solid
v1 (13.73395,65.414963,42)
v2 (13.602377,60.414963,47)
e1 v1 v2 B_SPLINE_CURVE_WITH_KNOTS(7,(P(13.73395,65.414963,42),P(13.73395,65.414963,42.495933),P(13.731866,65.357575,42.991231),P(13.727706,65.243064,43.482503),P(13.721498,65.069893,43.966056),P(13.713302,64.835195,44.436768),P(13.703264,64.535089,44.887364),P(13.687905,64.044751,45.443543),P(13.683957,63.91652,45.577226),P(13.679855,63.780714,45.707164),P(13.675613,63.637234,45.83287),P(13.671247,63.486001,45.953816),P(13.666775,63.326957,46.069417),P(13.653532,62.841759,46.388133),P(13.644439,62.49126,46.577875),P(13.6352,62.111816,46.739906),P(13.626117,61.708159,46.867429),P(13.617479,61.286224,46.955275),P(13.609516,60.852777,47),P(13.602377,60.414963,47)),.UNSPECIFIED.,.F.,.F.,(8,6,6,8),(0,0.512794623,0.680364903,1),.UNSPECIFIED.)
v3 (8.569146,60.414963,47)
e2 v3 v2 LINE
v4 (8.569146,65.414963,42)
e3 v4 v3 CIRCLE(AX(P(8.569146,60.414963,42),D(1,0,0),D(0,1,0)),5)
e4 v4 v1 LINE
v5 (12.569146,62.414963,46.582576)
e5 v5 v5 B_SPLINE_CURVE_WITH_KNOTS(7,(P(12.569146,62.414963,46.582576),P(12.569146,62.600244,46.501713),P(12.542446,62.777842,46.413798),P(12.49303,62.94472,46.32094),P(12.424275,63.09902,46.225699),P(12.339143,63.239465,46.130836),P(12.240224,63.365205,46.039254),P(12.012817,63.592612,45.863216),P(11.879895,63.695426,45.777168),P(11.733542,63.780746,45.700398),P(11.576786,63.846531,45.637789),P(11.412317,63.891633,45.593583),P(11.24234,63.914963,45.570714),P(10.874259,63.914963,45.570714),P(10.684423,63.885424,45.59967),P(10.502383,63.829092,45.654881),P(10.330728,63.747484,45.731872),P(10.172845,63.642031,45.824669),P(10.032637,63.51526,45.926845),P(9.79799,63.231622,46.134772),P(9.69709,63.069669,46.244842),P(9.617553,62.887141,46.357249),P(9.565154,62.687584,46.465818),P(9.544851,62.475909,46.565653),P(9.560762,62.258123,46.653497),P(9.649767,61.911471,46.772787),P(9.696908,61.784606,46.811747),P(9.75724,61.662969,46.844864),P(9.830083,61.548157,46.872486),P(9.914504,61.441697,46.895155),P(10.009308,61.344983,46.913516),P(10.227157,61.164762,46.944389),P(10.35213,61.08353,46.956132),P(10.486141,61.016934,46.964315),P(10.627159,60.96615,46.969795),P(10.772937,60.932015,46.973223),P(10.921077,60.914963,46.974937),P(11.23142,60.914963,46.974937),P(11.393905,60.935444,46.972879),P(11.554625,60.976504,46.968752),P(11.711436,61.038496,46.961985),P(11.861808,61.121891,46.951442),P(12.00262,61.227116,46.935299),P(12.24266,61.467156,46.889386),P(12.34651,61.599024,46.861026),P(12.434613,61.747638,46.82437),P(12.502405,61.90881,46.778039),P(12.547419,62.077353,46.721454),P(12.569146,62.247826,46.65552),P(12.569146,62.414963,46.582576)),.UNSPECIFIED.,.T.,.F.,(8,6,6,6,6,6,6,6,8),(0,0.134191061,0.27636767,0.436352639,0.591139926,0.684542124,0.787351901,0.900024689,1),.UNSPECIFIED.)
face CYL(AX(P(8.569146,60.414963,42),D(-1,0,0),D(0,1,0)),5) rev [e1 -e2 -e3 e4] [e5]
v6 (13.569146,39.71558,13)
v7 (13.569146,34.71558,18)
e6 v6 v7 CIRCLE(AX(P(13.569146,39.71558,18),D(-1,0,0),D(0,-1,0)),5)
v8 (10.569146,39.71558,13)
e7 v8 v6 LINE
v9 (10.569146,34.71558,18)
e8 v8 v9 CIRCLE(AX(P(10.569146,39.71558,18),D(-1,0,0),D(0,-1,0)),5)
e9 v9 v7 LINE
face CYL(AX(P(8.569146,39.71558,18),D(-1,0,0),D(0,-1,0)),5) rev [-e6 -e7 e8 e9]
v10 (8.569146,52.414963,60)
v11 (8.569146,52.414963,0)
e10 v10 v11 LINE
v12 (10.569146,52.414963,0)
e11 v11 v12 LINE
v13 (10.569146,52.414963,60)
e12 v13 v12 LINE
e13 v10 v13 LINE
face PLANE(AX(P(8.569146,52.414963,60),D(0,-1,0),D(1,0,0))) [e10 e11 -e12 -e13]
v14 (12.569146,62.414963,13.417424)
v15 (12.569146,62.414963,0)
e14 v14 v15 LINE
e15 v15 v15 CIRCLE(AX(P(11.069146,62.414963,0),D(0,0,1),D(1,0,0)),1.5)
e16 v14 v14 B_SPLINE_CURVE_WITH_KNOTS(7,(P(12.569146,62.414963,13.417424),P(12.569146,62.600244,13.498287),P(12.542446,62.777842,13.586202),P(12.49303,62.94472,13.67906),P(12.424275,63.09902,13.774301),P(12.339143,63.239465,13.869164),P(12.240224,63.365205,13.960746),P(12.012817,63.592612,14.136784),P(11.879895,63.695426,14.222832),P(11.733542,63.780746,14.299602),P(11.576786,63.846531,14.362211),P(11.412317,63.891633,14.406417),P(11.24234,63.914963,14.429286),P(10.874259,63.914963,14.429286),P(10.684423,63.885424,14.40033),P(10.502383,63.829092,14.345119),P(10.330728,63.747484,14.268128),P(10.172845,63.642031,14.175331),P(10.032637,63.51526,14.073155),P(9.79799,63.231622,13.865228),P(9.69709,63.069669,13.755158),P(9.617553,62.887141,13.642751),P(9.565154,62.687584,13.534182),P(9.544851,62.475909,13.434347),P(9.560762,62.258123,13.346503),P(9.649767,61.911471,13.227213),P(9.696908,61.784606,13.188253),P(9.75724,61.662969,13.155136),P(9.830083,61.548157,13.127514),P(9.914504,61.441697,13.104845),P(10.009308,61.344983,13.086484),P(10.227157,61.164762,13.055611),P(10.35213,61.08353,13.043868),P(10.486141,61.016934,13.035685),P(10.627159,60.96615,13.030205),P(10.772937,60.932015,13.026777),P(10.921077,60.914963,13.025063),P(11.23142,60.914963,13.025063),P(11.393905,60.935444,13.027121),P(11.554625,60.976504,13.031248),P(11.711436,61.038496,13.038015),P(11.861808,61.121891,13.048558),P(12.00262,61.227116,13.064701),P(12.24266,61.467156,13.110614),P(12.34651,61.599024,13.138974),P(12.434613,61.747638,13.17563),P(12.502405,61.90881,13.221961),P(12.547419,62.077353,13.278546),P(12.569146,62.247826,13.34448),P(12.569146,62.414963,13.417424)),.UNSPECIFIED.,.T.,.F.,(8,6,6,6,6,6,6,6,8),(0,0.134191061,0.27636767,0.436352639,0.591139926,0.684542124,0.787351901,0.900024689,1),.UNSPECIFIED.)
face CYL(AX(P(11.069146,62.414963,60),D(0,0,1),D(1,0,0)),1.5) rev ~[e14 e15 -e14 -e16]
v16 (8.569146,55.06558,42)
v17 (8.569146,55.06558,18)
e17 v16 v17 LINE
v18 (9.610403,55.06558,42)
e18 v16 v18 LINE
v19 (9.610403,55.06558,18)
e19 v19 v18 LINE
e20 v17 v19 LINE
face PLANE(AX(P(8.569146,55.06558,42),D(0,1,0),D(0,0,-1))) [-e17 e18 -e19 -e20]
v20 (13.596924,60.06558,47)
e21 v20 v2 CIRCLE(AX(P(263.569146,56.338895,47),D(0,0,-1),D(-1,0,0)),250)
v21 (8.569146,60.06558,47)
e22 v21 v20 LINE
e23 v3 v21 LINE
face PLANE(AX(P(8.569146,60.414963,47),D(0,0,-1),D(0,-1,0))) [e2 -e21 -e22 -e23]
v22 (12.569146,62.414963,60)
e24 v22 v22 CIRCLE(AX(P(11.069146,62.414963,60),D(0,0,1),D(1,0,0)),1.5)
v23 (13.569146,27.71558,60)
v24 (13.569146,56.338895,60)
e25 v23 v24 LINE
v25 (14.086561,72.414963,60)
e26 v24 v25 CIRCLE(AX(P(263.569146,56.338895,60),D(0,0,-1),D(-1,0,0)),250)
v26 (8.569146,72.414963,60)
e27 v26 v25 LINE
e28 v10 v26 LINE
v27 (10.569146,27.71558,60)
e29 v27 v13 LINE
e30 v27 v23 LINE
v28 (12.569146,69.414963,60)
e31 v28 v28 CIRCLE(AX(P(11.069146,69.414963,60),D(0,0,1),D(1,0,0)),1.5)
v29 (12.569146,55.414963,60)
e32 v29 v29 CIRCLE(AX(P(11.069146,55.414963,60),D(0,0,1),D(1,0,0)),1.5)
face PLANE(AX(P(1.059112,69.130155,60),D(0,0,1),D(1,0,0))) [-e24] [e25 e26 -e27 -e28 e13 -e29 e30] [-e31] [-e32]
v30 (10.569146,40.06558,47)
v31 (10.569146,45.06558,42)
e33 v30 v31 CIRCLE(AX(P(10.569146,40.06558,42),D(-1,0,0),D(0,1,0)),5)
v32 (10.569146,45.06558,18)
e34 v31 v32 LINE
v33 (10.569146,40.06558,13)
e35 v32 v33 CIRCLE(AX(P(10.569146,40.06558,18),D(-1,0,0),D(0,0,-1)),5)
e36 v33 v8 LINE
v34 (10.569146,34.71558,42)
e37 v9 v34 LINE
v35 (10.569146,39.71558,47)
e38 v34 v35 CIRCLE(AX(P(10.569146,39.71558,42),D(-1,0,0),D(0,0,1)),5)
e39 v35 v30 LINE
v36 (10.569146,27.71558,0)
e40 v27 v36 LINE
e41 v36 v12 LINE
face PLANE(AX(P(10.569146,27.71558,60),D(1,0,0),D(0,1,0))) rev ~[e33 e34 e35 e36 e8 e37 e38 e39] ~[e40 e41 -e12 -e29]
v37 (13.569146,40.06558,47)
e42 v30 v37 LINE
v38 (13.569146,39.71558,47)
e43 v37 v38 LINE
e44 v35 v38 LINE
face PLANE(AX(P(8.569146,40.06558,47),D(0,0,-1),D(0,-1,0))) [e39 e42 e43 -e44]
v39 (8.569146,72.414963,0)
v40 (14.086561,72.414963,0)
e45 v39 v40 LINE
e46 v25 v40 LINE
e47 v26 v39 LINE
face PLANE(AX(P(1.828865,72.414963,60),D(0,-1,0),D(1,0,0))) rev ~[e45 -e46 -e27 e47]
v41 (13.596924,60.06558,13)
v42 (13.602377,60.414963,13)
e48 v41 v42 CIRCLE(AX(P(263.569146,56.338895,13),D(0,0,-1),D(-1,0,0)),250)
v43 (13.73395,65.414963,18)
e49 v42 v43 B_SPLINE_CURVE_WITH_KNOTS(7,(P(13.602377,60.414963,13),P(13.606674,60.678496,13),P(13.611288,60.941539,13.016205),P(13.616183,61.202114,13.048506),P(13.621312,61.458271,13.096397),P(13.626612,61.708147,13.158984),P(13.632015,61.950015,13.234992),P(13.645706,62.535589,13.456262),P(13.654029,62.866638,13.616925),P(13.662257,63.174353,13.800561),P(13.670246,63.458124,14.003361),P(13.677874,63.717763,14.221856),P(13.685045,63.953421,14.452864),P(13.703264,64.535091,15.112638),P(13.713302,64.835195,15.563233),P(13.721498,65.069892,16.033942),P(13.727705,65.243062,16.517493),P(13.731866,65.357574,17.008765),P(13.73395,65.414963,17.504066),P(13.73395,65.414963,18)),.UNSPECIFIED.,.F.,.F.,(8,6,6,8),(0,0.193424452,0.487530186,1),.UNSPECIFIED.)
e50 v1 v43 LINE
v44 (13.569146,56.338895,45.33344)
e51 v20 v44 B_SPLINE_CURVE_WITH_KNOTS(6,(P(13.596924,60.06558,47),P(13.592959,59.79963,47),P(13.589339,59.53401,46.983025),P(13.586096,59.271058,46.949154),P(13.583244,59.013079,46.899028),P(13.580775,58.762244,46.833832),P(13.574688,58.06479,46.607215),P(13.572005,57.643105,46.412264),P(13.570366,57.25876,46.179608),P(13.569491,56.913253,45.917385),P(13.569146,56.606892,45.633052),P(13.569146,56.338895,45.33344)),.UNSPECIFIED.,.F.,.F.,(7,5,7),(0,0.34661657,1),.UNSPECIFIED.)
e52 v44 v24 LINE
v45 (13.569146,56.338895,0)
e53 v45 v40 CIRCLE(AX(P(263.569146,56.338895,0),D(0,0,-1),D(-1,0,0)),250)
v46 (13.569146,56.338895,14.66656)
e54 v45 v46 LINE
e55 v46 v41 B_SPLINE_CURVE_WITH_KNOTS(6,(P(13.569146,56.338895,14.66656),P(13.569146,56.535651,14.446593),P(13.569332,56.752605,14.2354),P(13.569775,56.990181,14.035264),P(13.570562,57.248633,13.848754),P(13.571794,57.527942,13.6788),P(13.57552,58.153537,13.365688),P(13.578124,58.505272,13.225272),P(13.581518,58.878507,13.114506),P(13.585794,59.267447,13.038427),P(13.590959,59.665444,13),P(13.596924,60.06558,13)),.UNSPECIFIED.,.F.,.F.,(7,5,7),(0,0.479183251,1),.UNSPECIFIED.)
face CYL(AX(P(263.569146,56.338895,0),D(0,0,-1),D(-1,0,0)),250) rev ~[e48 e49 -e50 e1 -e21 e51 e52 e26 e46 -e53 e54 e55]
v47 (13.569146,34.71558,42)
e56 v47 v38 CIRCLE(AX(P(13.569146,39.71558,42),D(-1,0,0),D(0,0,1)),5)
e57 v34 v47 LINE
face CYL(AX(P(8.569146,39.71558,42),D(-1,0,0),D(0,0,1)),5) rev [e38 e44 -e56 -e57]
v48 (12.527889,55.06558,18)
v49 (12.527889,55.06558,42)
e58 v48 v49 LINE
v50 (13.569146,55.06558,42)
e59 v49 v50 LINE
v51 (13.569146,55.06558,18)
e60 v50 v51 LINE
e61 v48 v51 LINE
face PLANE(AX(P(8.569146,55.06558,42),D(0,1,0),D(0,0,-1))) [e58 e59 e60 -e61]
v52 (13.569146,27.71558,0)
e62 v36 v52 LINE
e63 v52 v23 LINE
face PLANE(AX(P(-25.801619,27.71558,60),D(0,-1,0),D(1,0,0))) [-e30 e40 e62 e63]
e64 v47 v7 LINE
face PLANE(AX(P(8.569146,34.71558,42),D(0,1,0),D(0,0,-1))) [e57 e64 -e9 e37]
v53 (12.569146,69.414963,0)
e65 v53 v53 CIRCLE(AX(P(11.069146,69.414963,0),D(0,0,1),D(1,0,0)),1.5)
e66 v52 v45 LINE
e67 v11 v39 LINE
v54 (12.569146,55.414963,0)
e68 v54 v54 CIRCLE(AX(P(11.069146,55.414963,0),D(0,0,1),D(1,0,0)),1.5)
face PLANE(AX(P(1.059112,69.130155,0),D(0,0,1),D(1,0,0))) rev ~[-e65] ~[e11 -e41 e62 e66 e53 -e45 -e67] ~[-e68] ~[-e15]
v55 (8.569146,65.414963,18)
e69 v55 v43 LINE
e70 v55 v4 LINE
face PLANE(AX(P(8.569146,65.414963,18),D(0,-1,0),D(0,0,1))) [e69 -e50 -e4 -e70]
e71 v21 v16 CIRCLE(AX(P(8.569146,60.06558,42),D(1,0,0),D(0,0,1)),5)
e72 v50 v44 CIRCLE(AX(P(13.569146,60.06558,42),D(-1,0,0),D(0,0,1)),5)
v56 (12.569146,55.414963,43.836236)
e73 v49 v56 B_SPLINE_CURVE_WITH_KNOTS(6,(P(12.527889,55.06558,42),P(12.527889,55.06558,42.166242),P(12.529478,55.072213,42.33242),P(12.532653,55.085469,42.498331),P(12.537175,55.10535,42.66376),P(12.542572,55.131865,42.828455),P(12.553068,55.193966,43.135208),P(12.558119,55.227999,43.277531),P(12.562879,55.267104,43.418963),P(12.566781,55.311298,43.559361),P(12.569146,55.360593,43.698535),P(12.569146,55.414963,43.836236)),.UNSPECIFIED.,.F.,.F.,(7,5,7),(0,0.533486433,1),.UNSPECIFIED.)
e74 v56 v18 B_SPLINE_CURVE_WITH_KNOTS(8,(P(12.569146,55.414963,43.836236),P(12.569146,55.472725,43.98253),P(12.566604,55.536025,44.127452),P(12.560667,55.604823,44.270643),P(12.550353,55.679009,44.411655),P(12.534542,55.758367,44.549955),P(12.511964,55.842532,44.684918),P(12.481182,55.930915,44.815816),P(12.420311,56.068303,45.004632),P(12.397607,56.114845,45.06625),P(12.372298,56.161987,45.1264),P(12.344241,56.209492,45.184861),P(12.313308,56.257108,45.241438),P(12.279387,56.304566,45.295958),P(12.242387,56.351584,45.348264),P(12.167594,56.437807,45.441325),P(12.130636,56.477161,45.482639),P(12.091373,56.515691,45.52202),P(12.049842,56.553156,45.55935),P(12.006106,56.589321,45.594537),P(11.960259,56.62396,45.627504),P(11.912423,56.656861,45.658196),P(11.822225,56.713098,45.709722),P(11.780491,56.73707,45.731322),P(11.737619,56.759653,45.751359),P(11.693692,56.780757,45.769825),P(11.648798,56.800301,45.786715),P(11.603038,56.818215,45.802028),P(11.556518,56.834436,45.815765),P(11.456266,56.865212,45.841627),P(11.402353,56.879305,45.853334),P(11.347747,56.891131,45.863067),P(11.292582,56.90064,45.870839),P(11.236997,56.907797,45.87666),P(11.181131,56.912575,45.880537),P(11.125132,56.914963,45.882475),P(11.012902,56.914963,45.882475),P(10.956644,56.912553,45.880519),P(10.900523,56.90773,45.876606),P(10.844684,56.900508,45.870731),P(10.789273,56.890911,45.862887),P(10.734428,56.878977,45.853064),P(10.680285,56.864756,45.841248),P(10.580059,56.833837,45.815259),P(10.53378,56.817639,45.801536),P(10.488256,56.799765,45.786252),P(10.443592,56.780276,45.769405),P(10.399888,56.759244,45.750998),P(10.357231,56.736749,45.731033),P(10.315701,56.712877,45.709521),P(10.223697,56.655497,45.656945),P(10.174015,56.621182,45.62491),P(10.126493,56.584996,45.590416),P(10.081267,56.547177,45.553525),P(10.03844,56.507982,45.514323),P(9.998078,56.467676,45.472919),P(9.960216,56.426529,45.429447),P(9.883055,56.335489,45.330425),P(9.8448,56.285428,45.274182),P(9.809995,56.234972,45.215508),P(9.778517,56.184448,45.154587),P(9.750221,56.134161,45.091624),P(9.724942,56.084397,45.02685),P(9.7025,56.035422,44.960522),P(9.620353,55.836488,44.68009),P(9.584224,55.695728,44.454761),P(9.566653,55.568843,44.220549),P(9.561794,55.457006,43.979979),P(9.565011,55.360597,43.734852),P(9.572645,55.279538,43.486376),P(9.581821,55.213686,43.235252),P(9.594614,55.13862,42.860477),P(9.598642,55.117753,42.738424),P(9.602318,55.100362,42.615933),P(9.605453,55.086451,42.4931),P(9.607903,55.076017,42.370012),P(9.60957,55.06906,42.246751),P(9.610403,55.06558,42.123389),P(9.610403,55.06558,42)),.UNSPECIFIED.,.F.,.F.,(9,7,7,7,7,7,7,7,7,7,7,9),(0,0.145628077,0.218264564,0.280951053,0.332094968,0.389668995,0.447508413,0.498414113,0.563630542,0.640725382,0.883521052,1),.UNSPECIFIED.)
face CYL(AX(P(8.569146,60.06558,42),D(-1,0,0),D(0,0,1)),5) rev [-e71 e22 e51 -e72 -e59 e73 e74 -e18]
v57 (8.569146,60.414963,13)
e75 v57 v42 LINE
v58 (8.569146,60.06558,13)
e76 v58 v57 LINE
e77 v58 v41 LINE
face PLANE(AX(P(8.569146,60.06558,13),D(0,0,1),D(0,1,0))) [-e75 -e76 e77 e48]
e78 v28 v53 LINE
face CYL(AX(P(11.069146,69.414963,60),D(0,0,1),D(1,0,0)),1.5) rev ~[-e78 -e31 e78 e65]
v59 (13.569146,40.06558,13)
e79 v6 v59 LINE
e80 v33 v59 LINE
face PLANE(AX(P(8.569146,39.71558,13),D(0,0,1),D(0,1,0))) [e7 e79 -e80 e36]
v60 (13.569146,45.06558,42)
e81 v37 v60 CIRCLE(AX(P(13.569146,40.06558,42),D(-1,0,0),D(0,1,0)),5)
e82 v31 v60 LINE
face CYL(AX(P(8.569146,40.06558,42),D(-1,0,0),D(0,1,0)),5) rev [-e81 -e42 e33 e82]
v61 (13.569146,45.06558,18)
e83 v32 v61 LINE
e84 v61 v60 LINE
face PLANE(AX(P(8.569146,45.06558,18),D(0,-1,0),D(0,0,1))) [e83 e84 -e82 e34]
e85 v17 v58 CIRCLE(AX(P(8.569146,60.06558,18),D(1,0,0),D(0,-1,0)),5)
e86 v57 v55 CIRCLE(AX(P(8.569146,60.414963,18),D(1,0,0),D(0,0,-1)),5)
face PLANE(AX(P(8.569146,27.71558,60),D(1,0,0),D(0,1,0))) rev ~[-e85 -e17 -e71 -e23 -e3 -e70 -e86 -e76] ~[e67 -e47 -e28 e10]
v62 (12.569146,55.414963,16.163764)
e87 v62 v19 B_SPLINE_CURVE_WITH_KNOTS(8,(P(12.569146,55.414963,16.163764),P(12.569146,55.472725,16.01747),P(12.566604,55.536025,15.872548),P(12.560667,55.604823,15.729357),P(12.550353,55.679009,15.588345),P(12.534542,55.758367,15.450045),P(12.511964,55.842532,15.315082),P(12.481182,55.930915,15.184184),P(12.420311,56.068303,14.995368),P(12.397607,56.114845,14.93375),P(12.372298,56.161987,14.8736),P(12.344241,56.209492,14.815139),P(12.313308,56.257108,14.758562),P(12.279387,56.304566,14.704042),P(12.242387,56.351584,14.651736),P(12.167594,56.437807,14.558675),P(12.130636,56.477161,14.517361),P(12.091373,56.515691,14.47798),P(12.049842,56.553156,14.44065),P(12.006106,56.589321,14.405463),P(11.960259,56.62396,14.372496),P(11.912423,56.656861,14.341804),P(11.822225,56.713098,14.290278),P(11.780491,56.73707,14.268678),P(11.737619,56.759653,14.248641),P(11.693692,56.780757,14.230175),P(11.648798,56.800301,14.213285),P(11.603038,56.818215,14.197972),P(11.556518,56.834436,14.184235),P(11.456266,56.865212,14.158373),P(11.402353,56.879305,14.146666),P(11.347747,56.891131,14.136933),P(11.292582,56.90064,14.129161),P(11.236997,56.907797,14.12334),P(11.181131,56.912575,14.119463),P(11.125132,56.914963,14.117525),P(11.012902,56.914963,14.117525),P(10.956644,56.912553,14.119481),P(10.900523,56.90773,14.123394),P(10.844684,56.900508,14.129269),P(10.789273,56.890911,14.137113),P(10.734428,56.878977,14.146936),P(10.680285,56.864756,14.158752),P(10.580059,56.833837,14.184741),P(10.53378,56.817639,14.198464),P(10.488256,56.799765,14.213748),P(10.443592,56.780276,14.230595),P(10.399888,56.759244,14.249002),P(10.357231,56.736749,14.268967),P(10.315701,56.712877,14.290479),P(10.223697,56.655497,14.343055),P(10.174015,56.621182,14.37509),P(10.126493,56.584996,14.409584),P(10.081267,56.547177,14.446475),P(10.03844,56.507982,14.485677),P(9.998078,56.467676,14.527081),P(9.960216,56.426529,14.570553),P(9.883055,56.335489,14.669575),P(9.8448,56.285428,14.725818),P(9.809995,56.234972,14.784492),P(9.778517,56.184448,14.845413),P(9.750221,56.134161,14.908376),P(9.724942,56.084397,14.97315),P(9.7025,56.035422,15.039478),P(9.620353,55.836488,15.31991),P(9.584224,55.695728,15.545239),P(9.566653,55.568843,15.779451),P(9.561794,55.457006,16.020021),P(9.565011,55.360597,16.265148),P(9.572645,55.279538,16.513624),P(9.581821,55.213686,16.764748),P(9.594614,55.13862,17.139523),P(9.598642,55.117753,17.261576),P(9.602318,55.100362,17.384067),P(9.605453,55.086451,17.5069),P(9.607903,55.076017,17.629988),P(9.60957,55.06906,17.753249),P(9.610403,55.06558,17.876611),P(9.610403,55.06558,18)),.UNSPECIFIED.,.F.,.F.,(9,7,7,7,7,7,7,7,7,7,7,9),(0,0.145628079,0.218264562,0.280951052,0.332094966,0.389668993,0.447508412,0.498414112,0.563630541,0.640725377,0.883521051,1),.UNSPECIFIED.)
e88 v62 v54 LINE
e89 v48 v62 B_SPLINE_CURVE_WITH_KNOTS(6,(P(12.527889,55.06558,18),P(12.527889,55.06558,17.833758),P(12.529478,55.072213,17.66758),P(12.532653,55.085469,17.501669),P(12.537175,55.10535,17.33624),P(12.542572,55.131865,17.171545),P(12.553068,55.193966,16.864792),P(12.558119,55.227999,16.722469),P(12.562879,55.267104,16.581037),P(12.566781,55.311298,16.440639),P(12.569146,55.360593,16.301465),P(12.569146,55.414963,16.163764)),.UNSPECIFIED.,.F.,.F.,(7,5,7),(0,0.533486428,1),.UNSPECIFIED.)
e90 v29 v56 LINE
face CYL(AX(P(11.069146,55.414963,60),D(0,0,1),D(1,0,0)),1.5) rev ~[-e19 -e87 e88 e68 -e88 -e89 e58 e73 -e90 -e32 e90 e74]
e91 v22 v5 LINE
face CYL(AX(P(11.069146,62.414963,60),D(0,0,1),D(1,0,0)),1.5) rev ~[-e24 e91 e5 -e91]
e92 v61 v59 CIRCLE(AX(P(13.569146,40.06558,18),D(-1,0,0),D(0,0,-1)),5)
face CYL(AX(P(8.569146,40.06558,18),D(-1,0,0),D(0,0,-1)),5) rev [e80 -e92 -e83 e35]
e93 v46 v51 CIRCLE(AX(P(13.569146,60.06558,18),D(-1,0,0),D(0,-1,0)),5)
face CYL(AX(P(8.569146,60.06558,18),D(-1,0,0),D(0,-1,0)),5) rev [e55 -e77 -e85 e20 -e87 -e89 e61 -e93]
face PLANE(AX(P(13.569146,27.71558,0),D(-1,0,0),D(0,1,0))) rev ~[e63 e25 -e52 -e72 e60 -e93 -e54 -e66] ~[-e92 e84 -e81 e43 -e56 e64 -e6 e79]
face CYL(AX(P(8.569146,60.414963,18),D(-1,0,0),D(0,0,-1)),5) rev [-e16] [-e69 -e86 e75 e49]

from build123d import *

# Parameters (mm, degrees)
RESSALTO_EXTRUS_O1_DEPTH = 60
ESBO_O7_R                = 2.076684074
CORTE_EXTRUS_O5_DEPTH    = 61
ESBO_O8_W                = 84.528747457
ESBO_O8_H                = 37.806532702
CORTE_EXTRUS_O6_DEPTH    = 61
ESBO_O9_W                = 39.370764713
ESBO_O9_H                = 9.06161947
CORTE_EXTRUS_O7_DEPTH    = 61
ESBO_O10_W               = 32.42010131
ESBO_O10_H               = 62.029224545
CORTE_EXTRUS_O8_DEPTH    = 61
ESBO_O12_W               = 17.69499929
ESBO_O12_H               = 9
CORTE_EXTRUS_O10_DEPTH   = 61
ESBO_O13_W               = 2
ESBO_O13_H               = 24.699383264
CORTE_EXTRUS_O11_DEPTH   = 61
CORTE_EXTRUS_O12_DEPTH   = 6.517415369
ESBO_O15_R               = 1.5
CORTE_EXTRUS_O13_DEPTH   = 61.0000001


with BuildPart() as part:
    # Esboço1 → Ressalto-extrusão1 (new body)
    with BuildSketch(Plane.XY):
        with BuildLine():
            Line((13.569146061, 27.715579822), (13.569146061, 56.338894978))
            ThreePointArc((13.569146061, 56.338894978), (13.884544414, 68.892766914), (14.829943665, 81.414963086))
            ThreePointArc((14.829943665, 81.414963086), (11.193742071, 116.066691762), (-16.576524471, 95.024435265))
            Line((-16.576524471, 95.024435265), (-16.487894969, 94.437265709))
            Line((-16.487894969, 94.437265709), (-16.369382775, 93.652123615))
            ThreePointArc((-16.369382775, 93.652123615), (-14.270188159, 75.047972701), (-13.569146061, 56.338894978))
            Line((-13.569146061, 56.338894978), (-13.569146061, 27.715579822))
            ThreePointArc((-13.569146061, 27.715579822), (0, 21.02683783), (13.569146061, 27.715579822))
        make_face()
    extrude(amount=RESSALTO_EXTRUS_O1_DEPTH)

    # Esboço7 → Corte-extrusão5 (cut, through all)
    with BuildSketch(Plane(origin=(0, 0, 0), x_dir=(-1, 0, 0), z_dir=(0, 0, -1))):
        with Locations((-0.267564972, 95.19)):
            Circle(ESBO_O7_R)
    extrude(amount=-CORTE_EXTRUS_O5_DEPTH, mode=Mode.SUBTRACT)

    # Esboço8 → Corte-extrusão6 (cut, through all)
    with BuildSketch(Plane.XY.offset(60)):
        with Locations((-3.694100087, 100.318229437)):
            Rectangle(ESBO_O8_W, ESBO_O8_H)
    extrude(amount=-CORTE_EXTRUS_O6_DEPTH, mode=Mode.SUBTRACT)

    # Esboço9 → Corte-extrusão7 (cut, through all)
    with BuildSketch(Plane.XY.offset(60)):
        with Locations((-6.116236296, 23.184770087)):
            Rectangle(ESBO_O9_W, ESBO_O9_H)
    extrude(amount=-CORTE_EXTRUS_O7_DEPTH, mode=Mode.SUBTRACT)

    # Esboço10 → Corte-extrusão8 (cut, through all)
    with BuildSketch(Plane.XY.offset(60)):
        with Locations((-7.640904594, 58.730192094)):
            Rectangle(ESBO_O10_W, ESBO_O10_H)
    extrude(amount=-CORTE_EXTRUS_O8_DEPTH, mode=Mode.SUBTRACT)

    # Esboço12 → Corte-extrusão10 (cut, through all)
    with BuildSketch(Plane.XY.offset(60)):
        with Locations((10.676364632, 76.914963086)):
            Rectangle(ESBO_O12_W, ESBO_O12_H)
    extrude(amount=-CORTE_EXTRUS_O10_DEPTH, mode=Mode.SUBTRACT)

    # Esboço13 → Corte-extrusão11 (cut, through all)
    with BuildSketch(Plane.XY.offset(60)):
        with Locations((9.569146061, 40.065271454)):
            Rectangle(ESBO_O13_W, ESBO_O13_H)
    extrude(amount=-CORTE_EXTRUS_O11_DEPTH, mode=Mode.SUBTRACT)

    # Esboço14 → Corte-extrusão12 (cut, through all)
    with BuildSketch(Plane.ZY.offset(-8.569146061)):
        with BuildLine():
            Line((42, 55.065579822), (18, 55.065579822))
            ThreePointArc((18, 55.065579822), (14.464466094, 56.530045916), (13, 60.065579822))
            Line((13, 60.065579822), (13, 60.414963086))
            ThreePointArc((13, 60.414963086), (14.464466094, 63.950496992), (18, 65.414963086))
            Line((18, 65.414963086), (42, 65.414963086))
            ThreePointArc((42, 65.414963086), (45.535533906, 63.950496992), (47, 60.414963086))
            Line((47, 60.414963086), (47, 60.065579822))
            ThreePointArc((47, 60.065579822), (45.535533906, 56.530045916), (42, 55.065579822))
        make_face()
        with BuildLine():
            Line((42, 34.715579822), (18, 34.715579822))
            ThreePointArc((18, 34.715579822), (14.464466094, 36.180045916), (13, 39.715579822))
            Line((13, 39.715579822), (13, 40.065579822))
            ThreePointArc((13, 40.065579822), (14.464466094, 43.601113728), (18, 45.065579822))
            Line((18, 45.065579822), (42, 45.065579822))
            ThreePointArc((42, 45.065579822), (45.535533906, 43.601113728), (47, 40.065579822))
            Line((47, 40.065579822), (47, 39.715579822))
            ThreePointArc((47, 39.715579822), (45.535533906, 36.180045916), (42, 34.715579822))
        make_face()
    extrude(amount=-CORTE_EXTRUS_O12_DEPTH, mode=Mode.SUBTRACT)

    # Esboço15 → Corte-extrusão13 (cut, through all)
    with BuildSketch(Plane.XY.offset(60)):
        with Locations((11.069146061, 69.414963086)):
            Circle(ESBO_O15_R)
        with Locations((11.069146061, 62.414963086)):
            Circle(ESBO_O15_R)
        with Locations((11.069146061, 55.414963086)):
            Circle(ESBO_O15_R)
    extrude(amount=-CORTE_EXTRUS_O13_DEPTH, mode=Mode.SUBTRACT)


solid = part.part
